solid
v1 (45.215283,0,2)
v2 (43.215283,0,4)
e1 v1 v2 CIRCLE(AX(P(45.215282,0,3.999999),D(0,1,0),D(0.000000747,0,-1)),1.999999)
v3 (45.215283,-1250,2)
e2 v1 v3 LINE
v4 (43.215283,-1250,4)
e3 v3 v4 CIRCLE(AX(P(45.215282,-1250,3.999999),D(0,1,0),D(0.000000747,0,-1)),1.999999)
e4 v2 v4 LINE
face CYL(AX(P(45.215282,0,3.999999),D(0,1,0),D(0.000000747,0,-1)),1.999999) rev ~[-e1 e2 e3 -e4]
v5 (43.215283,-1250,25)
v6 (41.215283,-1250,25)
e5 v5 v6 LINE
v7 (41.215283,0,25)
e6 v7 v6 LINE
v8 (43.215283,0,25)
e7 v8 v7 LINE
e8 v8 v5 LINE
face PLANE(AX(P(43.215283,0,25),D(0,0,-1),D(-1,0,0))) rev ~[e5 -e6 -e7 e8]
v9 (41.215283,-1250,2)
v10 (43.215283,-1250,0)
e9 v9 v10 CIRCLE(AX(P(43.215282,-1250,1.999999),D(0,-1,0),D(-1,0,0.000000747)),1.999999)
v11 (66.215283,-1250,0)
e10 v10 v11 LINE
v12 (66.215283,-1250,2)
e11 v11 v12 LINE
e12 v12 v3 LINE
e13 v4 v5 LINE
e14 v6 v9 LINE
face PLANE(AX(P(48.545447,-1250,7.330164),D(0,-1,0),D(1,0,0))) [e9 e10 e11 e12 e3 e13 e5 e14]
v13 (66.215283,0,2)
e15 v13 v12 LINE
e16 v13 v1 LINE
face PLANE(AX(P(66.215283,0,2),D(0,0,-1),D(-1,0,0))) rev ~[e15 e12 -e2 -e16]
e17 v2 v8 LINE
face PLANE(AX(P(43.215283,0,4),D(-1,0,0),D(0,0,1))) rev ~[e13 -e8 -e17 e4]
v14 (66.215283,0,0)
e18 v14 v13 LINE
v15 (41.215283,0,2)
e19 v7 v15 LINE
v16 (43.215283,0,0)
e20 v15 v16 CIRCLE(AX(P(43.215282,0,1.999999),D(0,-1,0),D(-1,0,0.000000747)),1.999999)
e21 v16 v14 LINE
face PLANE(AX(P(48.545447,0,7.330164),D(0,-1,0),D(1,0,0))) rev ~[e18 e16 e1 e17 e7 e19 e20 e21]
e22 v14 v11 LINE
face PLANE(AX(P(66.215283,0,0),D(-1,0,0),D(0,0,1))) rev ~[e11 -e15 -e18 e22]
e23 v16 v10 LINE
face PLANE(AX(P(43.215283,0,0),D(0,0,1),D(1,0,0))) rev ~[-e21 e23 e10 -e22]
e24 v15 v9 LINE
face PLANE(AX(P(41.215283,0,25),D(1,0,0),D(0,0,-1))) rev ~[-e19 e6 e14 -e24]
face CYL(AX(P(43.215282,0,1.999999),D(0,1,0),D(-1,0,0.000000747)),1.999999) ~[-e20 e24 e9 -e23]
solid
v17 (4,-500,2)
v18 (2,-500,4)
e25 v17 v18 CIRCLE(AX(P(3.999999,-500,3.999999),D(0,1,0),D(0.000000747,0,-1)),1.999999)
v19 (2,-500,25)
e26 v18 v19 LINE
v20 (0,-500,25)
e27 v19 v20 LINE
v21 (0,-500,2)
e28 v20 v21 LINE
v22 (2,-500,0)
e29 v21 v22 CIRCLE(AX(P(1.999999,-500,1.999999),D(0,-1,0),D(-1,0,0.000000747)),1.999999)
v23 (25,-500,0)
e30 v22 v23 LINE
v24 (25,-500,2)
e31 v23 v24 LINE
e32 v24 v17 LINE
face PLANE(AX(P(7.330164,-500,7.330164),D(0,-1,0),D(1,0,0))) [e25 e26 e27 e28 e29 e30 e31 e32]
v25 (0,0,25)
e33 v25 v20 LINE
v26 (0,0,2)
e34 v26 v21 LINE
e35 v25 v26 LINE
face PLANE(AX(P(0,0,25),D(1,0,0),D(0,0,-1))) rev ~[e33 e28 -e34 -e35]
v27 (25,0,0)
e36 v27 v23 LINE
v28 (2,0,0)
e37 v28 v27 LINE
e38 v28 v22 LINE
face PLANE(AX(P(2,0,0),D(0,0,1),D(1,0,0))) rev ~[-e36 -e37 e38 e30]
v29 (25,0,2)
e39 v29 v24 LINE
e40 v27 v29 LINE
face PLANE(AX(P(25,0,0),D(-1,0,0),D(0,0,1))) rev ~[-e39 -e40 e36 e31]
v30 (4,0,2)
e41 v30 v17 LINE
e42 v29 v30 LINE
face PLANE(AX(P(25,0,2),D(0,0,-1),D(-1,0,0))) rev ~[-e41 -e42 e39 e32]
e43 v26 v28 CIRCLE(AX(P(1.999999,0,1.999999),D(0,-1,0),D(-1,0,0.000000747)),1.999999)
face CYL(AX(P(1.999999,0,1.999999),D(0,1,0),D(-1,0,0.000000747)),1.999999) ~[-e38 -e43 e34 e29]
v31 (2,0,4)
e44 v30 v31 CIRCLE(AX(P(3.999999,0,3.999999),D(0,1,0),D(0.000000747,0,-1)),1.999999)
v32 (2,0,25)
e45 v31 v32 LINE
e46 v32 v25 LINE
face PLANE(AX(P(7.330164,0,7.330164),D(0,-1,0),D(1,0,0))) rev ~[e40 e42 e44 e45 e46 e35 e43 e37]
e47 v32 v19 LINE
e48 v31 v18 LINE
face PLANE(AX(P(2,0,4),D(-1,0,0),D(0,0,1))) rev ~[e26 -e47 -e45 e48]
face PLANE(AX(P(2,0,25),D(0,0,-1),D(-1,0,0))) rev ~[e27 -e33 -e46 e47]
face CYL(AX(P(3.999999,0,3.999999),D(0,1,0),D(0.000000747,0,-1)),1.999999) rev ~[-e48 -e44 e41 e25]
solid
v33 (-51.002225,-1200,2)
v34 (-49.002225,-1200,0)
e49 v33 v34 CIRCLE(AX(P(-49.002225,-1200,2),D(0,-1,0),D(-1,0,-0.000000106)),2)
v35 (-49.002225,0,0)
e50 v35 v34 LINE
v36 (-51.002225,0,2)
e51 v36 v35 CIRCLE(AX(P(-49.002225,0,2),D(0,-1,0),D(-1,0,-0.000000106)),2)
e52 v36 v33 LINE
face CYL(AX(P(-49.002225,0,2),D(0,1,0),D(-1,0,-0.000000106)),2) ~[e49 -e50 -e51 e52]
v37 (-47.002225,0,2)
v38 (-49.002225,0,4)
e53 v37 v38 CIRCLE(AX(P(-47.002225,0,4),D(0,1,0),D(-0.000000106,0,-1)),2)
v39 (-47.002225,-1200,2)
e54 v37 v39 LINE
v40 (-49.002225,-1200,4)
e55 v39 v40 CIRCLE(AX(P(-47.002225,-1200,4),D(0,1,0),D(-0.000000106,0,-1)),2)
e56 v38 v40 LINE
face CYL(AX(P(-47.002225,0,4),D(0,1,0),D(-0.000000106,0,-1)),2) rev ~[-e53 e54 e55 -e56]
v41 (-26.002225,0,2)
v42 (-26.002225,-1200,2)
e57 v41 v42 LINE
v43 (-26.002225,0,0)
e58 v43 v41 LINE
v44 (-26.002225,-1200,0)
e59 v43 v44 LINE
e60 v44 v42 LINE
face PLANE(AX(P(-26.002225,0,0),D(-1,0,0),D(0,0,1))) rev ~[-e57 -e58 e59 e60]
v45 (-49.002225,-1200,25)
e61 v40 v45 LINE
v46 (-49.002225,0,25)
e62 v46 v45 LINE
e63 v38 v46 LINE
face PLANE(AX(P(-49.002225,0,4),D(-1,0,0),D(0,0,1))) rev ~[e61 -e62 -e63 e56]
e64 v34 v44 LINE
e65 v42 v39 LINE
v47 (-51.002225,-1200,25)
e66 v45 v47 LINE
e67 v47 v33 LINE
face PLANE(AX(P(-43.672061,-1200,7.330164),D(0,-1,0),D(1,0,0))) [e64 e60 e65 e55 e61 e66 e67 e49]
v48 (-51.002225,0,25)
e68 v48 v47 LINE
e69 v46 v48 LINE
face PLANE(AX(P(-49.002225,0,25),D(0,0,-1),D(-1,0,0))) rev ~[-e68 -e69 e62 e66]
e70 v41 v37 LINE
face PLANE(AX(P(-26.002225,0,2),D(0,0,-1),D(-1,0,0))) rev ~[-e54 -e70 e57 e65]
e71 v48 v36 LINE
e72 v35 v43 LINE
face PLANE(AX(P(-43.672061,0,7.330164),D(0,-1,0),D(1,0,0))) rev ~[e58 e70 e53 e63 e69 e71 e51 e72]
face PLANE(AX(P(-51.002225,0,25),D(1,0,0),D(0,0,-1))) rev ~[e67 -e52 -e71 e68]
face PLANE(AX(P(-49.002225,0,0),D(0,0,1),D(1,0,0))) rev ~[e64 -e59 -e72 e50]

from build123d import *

# Parameters (mm, degrees)
F1_DEPTH = 500
F3_DEPTH = 1250
F5_DEPTH = 1200


with BuildPart() as f1:
    # F0 (on Front) → F1 (new body)
    with BuildSketch(Plane.XZ):
        with BuildLine():
            Line((0, 25), (0, 2))
            ThreePointArc((0, 2), (0.585786, 0.585786), (2, 0))
            Line((2, 0), (25, 0))
            Line((25, 0), (25, 2))
            Line((25, 2), (4, 2))
            ThreePointArc((4, 2), (2.585786, 2.585786), (2, 4))
            Line((2, 4), (2, 25))
            Line((2, 25), (0, 25))
        make_face()
    extrude(amount=F1_DEPTH)


with BuildPart() as f3:
    # F2 (on Front) → F3 (new body)
    with BuildSketch(Plane.XZ):
        with BuildLine():
            Line((41.215283, 25), (41.215283, 2))
            ThreePointArc((41.215283, 2), (41.801069, 0.585786), (43.215283, 0))
            Line((43.215283, 0), (66.215283, 0))
            Line((66.215283, 0), (66.215283, 2))
            Line((66.215283, 2), (45.215283, 2))
            ThreePointArc((45.215283, 2), (43.801069, 2.585786), (43.215283, 4))
            Line((43.215283, 4), (43.215283, 25))
            Line((43.215283, 25), (41.215283, 25))
        make_face()
    extrude(amount=F3_DEPTH)


with BuildPart() as f5:
    # F4 (on Front) → F5 (new body)
    with BuildSketch(Plane.XZ):
        with BuildLine():
            Line((-51.002225, 25), (-51.002225, 2))
            ThreePointArc((-51.002225, 2), (-50.416438, 0.585786), (-49.002225, 0))
            Line((-49.002225, 0), (-26.002225, 0))
            Line((-26.002225, 0), (-26.002225, 2))
            Line((-26.002225, 2), (-47.002225, 2))
            ThreePointArc((-47.002225, 2), (-48.416438, 2.585786), (-49.002225, 4))
            Line((-49.002225, 4), (-49.002225, 25))
            Line((-49.002225, 25), (-51.002225, 25))
        make_face()
    extrude(amount=F5_DEPTH)


solid = Compound([f1.part, f3.part, f5.part])
